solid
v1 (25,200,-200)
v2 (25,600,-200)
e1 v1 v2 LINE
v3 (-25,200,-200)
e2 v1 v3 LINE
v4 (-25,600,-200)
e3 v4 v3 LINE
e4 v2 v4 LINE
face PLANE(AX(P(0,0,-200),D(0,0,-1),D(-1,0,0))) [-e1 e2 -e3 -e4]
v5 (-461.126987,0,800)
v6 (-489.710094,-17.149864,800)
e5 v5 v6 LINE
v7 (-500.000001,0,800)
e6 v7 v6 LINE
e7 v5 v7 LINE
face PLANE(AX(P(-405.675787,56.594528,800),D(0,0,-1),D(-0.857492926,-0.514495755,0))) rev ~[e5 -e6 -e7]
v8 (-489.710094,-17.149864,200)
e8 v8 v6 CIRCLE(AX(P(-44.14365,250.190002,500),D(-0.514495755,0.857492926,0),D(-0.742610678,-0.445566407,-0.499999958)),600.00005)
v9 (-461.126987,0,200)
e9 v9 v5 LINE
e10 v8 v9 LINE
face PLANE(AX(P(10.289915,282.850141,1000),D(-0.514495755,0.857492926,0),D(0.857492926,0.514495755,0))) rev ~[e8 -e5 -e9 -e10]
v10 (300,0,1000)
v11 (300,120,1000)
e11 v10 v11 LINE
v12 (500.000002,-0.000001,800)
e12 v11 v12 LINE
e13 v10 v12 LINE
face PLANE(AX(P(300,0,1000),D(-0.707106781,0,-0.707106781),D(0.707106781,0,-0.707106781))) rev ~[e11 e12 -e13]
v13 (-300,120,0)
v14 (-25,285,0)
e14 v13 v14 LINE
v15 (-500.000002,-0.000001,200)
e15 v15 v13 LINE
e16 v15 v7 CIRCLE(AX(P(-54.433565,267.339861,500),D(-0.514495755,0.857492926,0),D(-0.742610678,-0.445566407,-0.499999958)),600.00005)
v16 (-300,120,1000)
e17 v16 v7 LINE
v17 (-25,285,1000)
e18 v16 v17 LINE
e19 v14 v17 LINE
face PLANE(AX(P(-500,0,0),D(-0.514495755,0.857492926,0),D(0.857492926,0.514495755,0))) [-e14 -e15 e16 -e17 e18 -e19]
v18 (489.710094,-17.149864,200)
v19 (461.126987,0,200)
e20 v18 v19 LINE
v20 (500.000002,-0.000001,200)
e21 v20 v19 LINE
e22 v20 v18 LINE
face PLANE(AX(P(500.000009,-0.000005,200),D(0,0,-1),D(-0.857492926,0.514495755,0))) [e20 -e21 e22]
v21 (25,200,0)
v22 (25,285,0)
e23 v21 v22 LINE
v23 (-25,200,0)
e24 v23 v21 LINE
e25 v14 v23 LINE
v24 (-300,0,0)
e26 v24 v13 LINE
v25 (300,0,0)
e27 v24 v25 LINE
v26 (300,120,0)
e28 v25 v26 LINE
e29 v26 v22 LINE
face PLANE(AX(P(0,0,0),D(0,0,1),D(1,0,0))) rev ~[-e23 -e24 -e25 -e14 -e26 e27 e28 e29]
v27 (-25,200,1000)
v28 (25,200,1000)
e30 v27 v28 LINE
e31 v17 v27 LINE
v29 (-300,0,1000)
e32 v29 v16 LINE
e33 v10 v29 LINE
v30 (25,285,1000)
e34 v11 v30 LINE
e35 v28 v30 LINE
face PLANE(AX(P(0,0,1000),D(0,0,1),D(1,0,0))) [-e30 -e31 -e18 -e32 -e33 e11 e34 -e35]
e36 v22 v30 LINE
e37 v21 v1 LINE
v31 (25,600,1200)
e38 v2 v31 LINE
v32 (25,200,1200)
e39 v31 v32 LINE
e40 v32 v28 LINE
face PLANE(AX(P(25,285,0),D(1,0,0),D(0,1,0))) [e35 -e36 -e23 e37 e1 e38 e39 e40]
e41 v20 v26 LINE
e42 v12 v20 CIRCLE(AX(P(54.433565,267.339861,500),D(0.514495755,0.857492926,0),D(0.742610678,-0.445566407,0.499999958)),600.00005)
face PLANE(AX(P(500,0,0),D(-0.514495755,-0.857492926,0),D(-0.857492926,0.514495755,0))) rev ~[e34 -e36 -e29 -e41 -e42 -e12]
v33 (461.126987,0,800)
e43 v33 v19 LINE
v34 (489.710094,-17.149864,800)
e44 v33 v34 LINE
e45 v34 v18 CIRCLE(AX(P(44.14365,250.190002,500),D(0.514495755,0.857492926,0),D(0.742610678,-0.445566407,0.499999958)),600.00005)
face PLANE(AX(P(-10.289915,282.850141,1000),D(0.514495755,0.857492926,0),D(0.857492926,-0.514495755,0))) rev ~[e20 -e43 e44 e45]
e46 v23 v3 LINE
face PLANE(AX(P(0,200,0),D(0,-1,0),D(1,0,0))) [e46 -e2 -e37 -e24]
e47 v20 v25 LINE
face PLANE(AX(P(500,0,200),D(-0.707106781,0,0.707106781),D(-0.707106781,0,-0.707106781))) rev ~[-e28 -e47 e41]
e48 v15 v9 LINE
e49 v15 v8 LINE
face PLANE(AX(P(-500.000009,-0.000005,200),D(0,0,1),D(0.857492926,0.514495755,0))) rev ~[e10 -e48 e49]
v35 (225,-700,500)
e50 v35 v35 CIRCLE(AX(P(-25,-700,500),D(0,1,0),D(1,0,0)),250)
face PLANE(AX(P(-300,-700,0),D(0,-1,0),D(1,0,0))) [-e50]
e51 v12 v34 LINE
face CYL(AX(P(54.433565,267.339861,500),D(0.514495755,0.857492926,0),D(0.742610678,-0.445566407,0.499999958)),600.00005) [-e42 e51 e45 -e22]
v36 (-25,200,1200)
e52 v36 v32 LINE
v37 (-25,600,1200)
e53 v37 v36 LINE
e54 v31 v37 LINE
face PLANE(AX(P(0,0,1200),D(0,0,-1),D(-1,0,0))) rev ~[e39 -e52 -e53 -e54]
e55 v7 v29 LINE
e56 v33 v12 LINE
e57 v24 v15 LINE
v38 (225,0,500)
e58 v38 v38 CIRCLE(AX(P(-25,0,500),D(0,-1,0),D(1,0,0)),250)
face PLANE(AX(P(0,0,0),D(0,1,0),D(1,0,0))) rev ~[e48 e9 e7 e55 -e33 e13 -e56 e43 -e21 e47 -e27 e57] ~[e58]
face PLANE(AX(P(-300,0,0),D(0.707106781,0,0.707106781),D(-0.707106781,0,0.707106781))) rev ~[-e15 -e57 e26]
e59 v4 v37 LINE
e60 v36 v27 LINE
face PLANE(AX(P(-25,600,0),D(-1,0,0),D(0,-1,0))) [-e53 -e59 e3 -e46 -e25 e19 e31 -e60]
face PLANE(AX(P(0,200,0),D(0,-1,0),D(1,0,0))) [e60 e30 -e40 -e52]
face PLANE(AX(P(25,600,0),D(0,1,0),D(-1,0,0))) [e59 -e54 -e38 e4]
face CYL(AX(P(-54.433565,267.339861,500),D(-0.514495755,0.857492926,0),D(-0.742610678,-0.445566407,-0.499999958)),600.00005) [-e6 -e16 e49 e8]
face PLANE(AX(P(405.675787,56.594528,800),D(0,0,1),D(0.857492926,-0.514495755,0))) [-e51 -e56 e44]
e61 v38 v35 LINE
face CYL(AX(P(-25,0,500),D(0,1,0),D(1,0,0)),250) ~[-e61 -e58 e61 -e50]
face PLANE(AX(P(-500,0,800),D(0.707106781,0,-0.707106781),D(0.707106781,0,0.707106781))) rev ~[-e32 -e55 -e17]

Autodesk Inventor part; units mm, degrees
ref_plane "YZ Plane" through (0, 0, 0) normal (1, 0, 0) x (0, 1, 0)
ref_plane "XZ Plane" through (0, 0, 0) normal (0, 1, 0) x (-1, 0, 0)
ref_plane "XY Plane" through (0, 0, 0) normal (0, 0, 1) x (1, 0, 0)
sketch "Boceto1" plane through (0, 0, 0) normal (0, 0, 1) x (1, 0, 0)
  line L0 (0, 0) -> (-500, 0)
  line L1 (0, 0) -> (500, 0)
  line L2 (0, 0) -> (0, 300)
  line L3 (-500, 0) -> (0, 300)
  line L4 (500, 0) -> (0, 300)
  dimension "d0" = 500
  dimension "d1" = 500
  dimension "d2" = 300
extrude "Extrusión1" add sketch "Boceto1" along normal blind 1000
sketch "Boceto2" plane through (-500, 0, 0) normal (0, -1, 0) x (1, 0, 0)
  line L0 (0, 1000) -> (1000, 1000) projected
  line L1 (0, 1000) -> (0, 800)
  line L2 (0, 0) -> (0, 1000) projected
  line L3 (0, 800) -> (200, 1000)
  line L4 (200, 1000) -> (0, 1000)
  line L5 (1000, 1000) -> (800, 1000)
  line L6 (800, 1000) -> (1000, 800)
  line L7 (1000, 0) -> (1000, 1000) projected
  line L8 (1000, 800) -> (1000, 1000)
  line L9 (0, 0) -> (1000, 0) projected
  line L10 (0, 0) -> (0, 200)
  line L11 (200, 0) -> (0, 0)
  line L12 (200, 0) -> (0, 200)
  line L13 (1000, 0) -> (800, 0)
  line L14 (800, 0) -> (1000, 0)
  line L15 (1000, 200) -> (800, 0)
  point P0 (500, 0)
  dimension "d5" = 200
  dimension "d6" = 45
  dimension "d7" = 200
  dimension "d8" = 45
extrude "Extrusión2" cut sketch "Boceto2" against normal blind 1000 contours L0 L3 L1 | L0 L7 L6 | L12 L9 L2 | L7 L9 L15
sketch "Boceto3" plane through (0, 300, 1000) normal (0.5145, 0.8575, 0) x (0.8575, -0.5145, 0)
  line L0 (583.0952, 800) -> (583.0952, 200) projected
  arc A0 (583.0952, 200) -> (583.0952, 800) centre (63.4799, 500) ccw
  line L1 (583.0952, 800) -> (473.0952, 800)
  line L2 (473.0952, 800) -> (473.0952, 200)
  line L3 (473.0952, 200) -> (583.0952, 200)
  line L4 (583.0952, 200) -> (583.0952, 800)
  point P0 (154.3487, 1000)
  dimension "d11" = 600
  dimension "d12" = 110
extrude "Extrusión3" add sketch "Boceto3" against normal blind 20
sketch "Boceto4" plane through (0, 300, 1000) normal (-0.5145, 0.8575, 0) x (0.8575, 0.5145, 0)
  line L0 (-583.0952, 800) -> (-583.0952, 200) projected
  arc A0 (-583.0952, 800) -> (-583.0952, 200) centre (-63.4799, 500) ccw
  line L1 (-583.0952, 800) -> (-473.0952, 800)
  line L2 (-473.0952, 800) -> (-473.0952, 200)
  line L3 (-473.0952, 200) -> (-583.0952, 200)
  line L4 (-583.0952, 200) -> (-583.0952, 800)
  point P0 (-154.3487, 1000)
  dimension "d15" = 600
  dimension "d16" = 110
extrude "Extrusión4" add sketch "Boceto4" against normal blind 20
sketch "Boceto5" plane through (0, 0, 0) normal (0, 0, -1) x (-1, 0, 0)
  line L0 (-300, 120) -> (0, 300) projected
  line L1 (0, 300) -> (0, 200)
  line L2 (0, 200) -> (25, 200)
  line L3 (0, 200) -> (-25, 200)
  line L4 (-25, 200) -> (-25, 600)
  line L5 (-25, 600) -> (25, 600)
  line L6 (25, 600) -> (25, 200)
  point P0 (0, 0)
  dimension "d19" = 100
  dimension "d20" = 25
  dimension "d21" = 25
  dimension "d22" = 400
extrude "Extrusión5" add sketch "Boceto5" along normal blind 200 and the other way blind 1200
sketch "Boceto6" plane through (-300, 0, 0) normal (0, -1, 0) x (1, 0, 0)
  line L0 (275, 1000) -> (275, 0) projected
  circle A0 centre (275, 500) radius 250
  point P0 (300, 0)
  dimension "d27" = 500
extrude "Extrusión6" add sketch "Boceto6" along normal blind 700
properties part number "Base_rotativa"
